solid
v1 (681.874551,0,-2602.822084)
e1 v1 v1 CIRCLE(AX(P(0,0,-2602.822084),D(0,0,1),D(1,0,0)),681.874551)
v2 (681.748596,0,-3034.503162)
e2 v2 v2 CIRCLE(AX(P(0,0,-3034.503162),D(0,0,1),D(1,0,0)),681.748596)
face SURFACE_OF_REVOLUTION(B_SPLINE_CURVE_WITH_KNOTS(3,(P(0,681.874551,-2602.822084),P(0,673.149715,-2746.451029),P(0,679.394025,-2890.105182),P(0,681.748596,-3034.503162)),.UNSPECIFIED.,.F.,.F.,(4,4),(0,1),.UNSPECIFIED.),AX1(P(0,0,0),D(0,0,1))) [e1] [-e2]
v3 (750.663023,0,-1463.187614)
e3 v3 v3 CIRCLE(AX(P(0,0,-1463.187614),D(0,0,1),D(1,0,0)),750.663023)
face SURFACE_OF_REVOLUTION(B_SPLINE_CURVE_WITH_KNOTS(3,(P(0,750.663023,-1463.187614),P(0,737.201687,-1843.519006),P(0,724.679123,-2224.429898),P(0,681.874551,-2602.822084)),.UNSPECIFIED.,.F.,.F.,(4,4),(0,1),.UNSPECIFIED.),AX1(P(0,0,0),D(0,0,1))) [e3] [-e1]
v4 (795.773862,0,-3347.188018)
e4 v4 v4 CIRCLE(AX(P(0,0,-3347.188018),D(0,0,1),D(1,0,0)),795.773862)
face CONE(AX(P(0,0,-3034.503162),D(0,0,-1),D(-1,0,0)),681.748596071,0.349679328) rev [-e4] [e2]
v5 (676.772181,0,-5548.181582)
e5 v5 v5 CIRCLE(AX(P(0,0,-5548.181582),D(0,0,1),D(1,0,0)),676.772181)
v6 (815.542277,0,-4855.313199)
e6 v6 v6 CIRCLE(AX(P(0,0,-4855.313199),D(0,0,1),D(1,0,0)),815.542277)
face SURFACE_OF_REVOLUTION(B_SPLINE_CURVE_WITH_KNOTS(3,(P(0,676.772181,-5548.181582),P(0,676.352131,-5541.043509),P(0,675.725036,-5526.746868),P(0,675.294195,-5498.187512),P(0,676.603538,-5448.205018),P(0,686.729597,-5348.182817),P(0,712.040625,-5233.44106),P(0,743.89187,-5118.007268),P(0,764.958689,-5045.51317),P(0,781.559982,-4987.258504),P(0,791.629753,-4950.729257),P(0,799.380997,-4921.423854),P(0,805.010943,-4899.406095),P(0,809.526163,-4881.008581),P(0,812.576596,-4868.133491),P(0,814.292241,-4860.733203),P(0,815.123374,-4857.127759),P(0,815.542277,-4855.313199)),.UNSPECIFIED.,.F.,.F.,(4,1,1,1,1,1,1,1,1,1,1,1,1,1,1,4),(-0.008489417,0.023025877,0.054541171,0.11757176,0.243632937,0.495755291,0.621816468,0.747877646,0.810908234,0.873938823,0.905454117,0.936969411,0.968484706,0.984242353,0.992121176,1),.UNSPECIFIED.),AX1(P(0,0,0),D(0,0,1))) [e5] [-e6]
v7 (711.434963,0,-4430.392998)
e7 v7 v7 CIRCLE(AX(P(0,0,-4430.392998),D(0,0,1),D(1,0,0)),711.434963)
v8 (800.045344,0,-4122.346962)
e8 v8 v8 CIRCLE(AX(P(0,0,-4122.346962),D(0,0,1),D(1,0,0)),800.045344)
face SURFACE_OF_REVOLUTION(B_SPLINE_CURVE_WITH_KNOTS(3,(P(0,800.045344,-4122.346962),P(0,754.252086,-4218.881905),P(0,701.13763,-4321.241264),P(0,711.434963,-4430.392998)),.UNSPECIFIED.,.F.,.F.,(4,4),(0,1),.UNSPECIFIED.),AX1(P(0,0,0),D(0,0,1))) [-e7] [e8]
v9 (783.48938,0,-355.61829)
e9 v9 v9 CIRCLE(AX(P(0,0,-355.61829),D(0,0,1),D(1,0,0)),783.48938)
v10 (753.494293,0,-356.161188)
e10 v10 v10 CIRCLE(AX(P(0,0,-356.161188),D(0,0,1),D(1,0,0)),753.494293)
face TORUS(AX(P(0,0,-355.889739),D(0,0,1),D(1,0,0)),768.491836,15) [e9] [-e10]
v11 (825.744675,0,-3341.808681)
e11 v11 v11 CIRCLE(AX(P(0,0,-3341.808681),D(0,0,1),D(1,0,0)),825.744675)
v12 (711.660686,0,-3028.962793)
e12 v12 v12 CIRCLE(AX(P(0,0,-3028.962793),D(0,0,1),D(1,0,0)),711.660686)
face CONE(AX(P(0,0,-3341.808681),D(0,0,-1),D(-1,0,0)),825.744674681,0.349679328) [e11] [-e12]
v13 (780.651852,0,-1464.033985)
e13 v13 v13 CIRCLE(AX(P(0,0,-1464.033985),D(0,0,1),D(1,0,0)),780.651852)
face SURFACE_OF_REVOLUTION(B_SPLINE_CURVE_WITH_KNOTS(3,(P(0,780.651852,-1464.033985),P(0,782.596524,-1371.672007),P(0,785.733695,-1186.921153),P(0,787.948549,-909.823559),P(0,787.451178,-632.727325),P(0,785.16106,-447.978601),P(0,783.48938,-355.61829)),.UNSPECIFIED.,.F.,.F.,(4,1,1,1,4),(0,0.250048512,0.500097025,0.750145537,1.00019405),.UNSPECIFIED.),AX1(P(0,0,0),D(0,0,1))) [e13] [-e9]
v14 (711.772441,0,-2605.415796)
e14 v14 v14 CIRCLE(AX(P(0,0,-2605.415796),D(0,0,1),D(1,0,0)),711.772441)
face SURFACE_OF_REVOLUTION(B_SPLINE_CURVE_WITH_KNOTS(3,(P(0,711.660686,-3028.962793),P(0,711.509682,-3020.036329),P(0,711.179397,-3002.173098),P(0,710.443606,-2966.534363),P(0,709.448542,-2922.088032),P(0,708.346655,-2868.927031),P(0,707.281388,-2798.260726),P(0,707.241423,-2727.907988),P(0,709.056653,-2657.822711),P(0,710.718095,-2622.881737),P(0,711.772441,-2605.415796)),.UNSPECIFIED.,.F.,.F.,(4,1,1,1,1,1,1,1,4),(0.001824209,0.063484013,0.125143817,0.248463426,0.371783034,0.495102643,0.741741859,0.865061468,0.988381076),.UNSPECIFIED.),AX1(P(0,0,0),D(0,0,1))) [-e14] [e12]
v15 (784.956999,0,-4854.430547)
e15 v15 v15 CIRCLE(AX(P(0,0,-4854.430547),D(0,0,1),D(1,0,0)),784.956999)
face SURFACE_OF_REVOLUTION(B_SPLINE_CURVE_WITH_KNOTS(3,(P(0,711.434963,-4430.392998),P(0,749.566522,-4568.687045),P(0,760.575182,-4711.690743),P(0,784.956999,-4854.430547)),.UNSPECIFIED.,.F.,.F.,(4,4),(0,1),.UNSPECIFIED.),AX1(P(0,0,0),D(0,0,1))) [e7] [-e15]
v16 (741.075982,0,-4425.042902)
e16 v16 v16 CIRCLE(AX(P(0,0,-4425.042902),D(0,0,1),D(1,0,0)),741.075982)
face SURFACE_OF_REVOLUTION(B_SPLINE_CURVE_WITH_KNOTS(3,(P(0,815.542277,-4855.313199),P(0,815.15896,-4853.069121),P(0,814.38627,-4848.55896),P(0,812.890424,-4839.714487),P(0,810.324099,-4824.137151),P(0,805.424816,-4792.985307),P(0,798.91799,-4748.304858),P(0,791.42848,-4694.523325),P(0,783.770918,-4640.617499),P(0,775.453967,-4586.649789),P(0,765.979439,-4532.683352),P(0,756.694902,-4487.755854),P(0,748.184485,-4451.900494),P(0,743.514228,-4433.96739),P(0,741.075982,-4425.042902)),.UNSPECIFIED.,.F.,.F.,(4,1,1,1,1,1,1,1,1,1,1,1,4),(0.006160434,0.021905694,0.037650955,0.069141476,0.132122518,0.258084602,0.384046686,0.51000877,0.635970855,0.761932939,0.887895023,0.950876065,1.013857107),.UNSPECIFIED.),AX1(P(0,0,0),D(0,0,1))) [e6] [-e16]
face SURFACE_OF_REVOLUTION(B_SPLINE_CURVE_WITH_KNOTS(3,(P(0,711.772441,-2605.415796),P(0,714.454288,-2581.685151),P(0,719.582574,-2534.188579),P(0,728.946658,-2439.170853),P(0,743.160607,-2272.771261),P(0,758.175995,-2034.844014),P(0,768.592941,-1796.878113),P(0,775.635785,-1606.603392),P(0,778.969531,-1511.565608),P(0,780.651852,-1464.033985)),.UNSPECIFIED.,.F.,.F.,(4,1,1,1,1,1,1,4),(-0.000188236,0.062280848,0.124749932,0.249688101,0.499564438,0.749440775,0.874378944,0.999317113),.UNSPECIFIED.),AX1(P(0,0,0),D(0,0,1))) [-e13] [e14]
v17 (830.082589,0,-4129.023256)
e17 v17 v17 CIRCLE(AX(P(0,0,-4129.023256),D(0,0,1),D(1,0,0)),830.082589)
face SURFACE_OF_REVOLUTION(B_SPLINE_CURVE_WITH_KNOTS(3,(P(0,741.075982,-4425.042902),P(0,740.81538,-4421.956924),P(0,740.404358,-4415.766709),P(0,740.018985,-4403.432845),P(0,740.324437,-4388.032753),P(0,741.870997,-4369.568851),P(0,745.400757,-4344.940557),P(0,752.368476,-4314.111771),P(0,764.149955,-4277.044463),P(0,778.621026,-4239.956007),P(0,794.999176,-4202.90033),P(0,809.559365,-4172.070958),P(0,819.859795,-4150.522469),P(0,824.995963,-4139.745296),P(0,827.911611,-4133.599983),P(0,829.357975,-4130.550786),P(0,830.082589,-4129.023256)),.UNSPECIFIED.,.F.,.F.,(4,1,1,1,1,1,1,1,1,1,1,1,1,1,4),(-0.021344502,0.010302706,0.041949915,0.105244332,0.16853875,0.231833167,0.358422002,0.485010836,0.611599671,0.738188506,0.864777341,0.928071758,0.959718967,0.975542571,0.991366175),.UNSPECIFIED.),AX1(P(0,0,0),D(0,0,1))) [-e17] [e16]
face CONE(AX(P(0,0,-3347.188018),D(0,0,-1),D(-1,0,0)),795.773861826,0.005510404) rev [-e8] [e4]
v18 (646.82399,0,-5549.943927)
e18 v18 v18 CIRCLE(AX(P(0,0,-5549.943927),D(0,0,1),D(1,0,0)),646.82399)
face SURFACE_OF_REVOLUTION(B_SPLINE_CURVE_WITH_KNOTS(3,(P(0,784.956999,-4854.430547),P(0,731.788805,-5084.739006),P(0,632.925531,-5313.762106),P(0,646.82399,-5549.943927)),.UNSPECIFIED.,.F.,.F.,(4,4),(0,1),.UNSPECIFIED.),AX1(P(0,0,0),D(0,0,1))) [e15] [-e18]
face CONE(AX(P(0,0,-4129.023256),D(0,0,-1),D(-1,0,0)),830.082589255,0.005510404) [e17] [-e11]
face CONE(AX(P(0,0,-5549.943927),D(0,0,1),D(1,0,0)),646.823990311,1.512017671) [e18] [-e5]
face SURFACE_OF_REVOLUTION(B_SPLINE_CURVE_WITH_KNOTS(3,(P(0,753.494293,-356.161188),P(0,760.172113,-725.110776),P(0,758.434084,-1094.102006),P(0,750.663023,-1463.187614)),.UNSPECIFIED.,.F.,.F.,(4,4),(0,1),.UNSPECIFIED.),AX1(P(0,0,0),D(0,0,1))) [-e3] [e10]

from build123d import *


with BuildPart() as part:
    # Sketch57 → Revolve8 (revolve)
    with BuildSketch(Plane(origin=(0, 0, 0), x_dir=(0, 0, -1), z_dir=(1, 0, 0)), mode=Mode.PRIVATE) as revolve8_sk:
        with BuildLine():
            Line((5548.181582406, 676.772181274), (5549.94392688, 646.823990311))
            add(Edge.make_bspline(
                [(4854.430546947, 784.956999197), (5084.739006328, 731.78880523), (5313.762105926, 632.925530553), (5549.94392688, 646.823990311)],
                knots=[0, 0, 0, 0, 1, 1, 1, 1], degree=3))
            add(Edge.make_bspline(
                [(4430.392997656, 711.434963381), (4568.687044703, 749.566522085), (4711.690743062, 760.575182456), (4854.430546947, 784.956999197)],
                knots=[0, 0, 0, 0, 1, 1, 1, 1], degree=3))
            add(Edge.make_bspline(
                [(4122.346961727, 800.045344329), (4218.881904904, 754.252085999), (4321.241264338, 701.137630049), (4430.392997656, 711.434963381)],
                knots=[0, 0, 0, 0, 1, 1, 1, 1], degree=3))
            Line((4122.346961727, 800.045344329), (3347.188017904, 795.773861826))
            Line((3347.188017904, 795.773861826), (3034.50316193, 681.748596071))
            add(Edge.make_bspline(
                [(2602.82208399, 681.874551433), (2746.45102873, 673.149714518), (2890.10518218, 679.394025232), (3034.50316193, 681.748596071)],
                knots=[0, 0, 0, 0, 1, 1, 1, 1], degree=3))
            add(Edge.make_bspline(
                [(1463.187614253, 750.663022897), (1843.51900635, 737.201686938), (2224.42989756, 724.67912331), (2602.82208399, 681.874551433)],
                knots=[0, 0, 0, 0, 1, 1, 1, 1], degree=3))
            add(Edge.make_bspline(
                [(356.161187989, 753.49429253), (725.110775775, 760.172113123), (1094.102006151, 758.434084399), (1463.187614253, 750.663022897)],
                knots=[0, 0, 0, 0, 1, 1, 1, 1], degree=3))
            ThreePointArc((356.161187989, 753.49429253), (340.892195584, 768.220387427), (355.618290482, 783.489379832))
            add(Edge.make_bspline(
                [(355.618290482, 783.489379832), (447.978600689, 785.161059655), (632.727325383, 787.451178042), (909.823559131, 787.948549261), (1186.921152836, 785.733695063), (1371.672007115, 782.596523982), (1464.033984549, 780.65185155)],
                knots=[0, 0, 0, 0, 0.250048512, 0.500097025, 0.750145537, 1.00019405, 1.00019405, 1.00019405, 1.00019405], degree=3))
            add(Edge.make_bspline(
                [(1464.033984549, 780.65185155), (1511.565607827, 778.96953144), (1606.603392401, 775.635784607), (1796.878112638, 768.592940989), (2034.844014483, 758.175994514), (2272.771260552, 743.160607478), (2439.170853331, 728.9466583), (2534.188579345, 719.58257385), (2581.685151458, 714.454287878), (2605.415796038, 711.772441423)],
                knots=[-0.000188236, -0.000188236, -0.000188236, -0.000188236, 0.124749932, 0.249688101, 0.499564438, 0.749440775, 0.874378944, 0.936848028, 0.999317113, 0.999317113, 0.999317113, 0.999317113], degree=3))
            add(Edge.make_bspline(
                [(2605.415796038, 711.772441423), (2622.881737385, 710.718095399), (2657.822711271, 709.056653333), (2727.907987949, 707.241423031), (2798.260726006, 707.281388372), (2868.927031008, 708.346654655), (2922.088032266, 709.448541621), (2966.53436318, 710.443606043), (3002.173098437, 711.179397469), (3020.036328756, 711.50968168), (3028.96279303, 711.660685991)],
                knots=[0.001824209, 0.001824209, 0.001824209, 0.001824209, 0.125143817, 0.248463426, 0.495102643, 0.618422251, 0.741741859, 0.865061468, 0.926721272, 0.988381076, 0.988381076, 0.988381076, 0.988381076], degree=3))
            Line((3028.96279303, 711.660685991), (3341.808681494, 825.744674681))
            Line((3341.808681494, 825.744674681), (4129.023255708, 830.082589255))
            add(Edge.make_bspline(
                [(4129.023255708, 830.082589255), (4130.550786454, 829.357974854), (4133.599982982, 827.911611235), (4139.745295746, 824.995962528), (4150.522468828, 819.859795459), (4172.070957771, 809.559364708), (4202.900330464, 794.999175573), (4239.95600725, 778.621025859), (4277.04446343, 764.14995496), (4314.111771259, 752.368476013), (4344.940556582, 745.400757086), (4369.568850793, 741.870996984), (4388.032752599, 740.324436864), (4403.432844734, 740.018984614), (4415.766708695, 740.404357827), (4421.956924054, 740.815380432), (4425.042901652, 741.075981857)],
                knots=[-0.021344502, -0.021344502, -0.021344502, -0.021344502, -0.005520898, 0.010302706, 0.041949915, 0.105244332, 0.231833167, 0.358422002, 0.485010836, 0.611599671, 0.738188506, 0.801482923, 0.864777341, 0.928071758, 0.959718967, 0.991366175, 0.991366175, 0.991366175, 0.991366175], degree=3))
            add(Edge.make_bspline(
                [(4425.042901652, 741.075981857), (4433.96738996, 743.514228364), (4451.900494195, 748.184484982), (4487.755854495, 756.694902194), (4532.683351729, 765.979438745), (4586.649789424, 775.45396691), (4640.617499492, 783.770918409), (4694.523324608, 791.428480225), (4748.304857893, 798.917989513), (4792.985306946, 805.424815972), (4824.13715138, 810.324099497), (4839.714487313, 812.890423573), (4848.558960087, 814.386269827), (4853.069120835, 815.158959558), (4855.313198928, 815.54227731)],
                knots=[0.006160434, 0.006160434, 0.006160434, 0.006160434, 0.069141476, 0.132122518, 0.258084602, 0.384046686, 0.51000877, 0.635970855, 0.761932939, 0.887895023, 0.950876065, 0.982366586, 0.998111847, 1.013857107, 1.013857107, 1.013857107, 1.013857107], degree=3))
            add(Edge.make_bspline(
                [(4855.313198928, 815.54227731), (4857.127758647, 815.12337449), (4860.733203268, 814.292241129), (4868.133491042, 812.576596176), (4881.008580579, 809.526163208), (4899.406095254, 805.01094309), (4921.423854439, 799.380997484), (4950.72925746, 791.629753436), (4987.258503845, 781.559982232), (5045.513169984, 764.958688546), (5118.007268377, 743.891870354), (5233.441059702, 712.040625005), (5348.182817178, 686.729597193), (5448.205017504, 676.603538111), (5498.187511924, 675.294194688), (5526.746867618, 675.725036039), (5541.043509267, 676.352131069), (5548.181582406, 676.772181274)],
                knots=[-0.008489417, -0.008489417, -0.008489417, -0.008489417, -0.000610594, 0.00726823, 0.023025877, 0.054541171, 0.086056466, 0.11757176, 0.180602348, 0.243632937, 0.369694114, 0.495755291, 0.747877646, 0.873938823, 0.936969411, 0.968484706, 1, 1, 1, 1], degree=3))
        make_face()
    revolve(revolve8_sk.sketch.rotate(Axis((0, 0, 0), (0, 0, -1)), 90), axis=Axis((0, 0, 0), (0, 0, -1)))


solid = part.part
